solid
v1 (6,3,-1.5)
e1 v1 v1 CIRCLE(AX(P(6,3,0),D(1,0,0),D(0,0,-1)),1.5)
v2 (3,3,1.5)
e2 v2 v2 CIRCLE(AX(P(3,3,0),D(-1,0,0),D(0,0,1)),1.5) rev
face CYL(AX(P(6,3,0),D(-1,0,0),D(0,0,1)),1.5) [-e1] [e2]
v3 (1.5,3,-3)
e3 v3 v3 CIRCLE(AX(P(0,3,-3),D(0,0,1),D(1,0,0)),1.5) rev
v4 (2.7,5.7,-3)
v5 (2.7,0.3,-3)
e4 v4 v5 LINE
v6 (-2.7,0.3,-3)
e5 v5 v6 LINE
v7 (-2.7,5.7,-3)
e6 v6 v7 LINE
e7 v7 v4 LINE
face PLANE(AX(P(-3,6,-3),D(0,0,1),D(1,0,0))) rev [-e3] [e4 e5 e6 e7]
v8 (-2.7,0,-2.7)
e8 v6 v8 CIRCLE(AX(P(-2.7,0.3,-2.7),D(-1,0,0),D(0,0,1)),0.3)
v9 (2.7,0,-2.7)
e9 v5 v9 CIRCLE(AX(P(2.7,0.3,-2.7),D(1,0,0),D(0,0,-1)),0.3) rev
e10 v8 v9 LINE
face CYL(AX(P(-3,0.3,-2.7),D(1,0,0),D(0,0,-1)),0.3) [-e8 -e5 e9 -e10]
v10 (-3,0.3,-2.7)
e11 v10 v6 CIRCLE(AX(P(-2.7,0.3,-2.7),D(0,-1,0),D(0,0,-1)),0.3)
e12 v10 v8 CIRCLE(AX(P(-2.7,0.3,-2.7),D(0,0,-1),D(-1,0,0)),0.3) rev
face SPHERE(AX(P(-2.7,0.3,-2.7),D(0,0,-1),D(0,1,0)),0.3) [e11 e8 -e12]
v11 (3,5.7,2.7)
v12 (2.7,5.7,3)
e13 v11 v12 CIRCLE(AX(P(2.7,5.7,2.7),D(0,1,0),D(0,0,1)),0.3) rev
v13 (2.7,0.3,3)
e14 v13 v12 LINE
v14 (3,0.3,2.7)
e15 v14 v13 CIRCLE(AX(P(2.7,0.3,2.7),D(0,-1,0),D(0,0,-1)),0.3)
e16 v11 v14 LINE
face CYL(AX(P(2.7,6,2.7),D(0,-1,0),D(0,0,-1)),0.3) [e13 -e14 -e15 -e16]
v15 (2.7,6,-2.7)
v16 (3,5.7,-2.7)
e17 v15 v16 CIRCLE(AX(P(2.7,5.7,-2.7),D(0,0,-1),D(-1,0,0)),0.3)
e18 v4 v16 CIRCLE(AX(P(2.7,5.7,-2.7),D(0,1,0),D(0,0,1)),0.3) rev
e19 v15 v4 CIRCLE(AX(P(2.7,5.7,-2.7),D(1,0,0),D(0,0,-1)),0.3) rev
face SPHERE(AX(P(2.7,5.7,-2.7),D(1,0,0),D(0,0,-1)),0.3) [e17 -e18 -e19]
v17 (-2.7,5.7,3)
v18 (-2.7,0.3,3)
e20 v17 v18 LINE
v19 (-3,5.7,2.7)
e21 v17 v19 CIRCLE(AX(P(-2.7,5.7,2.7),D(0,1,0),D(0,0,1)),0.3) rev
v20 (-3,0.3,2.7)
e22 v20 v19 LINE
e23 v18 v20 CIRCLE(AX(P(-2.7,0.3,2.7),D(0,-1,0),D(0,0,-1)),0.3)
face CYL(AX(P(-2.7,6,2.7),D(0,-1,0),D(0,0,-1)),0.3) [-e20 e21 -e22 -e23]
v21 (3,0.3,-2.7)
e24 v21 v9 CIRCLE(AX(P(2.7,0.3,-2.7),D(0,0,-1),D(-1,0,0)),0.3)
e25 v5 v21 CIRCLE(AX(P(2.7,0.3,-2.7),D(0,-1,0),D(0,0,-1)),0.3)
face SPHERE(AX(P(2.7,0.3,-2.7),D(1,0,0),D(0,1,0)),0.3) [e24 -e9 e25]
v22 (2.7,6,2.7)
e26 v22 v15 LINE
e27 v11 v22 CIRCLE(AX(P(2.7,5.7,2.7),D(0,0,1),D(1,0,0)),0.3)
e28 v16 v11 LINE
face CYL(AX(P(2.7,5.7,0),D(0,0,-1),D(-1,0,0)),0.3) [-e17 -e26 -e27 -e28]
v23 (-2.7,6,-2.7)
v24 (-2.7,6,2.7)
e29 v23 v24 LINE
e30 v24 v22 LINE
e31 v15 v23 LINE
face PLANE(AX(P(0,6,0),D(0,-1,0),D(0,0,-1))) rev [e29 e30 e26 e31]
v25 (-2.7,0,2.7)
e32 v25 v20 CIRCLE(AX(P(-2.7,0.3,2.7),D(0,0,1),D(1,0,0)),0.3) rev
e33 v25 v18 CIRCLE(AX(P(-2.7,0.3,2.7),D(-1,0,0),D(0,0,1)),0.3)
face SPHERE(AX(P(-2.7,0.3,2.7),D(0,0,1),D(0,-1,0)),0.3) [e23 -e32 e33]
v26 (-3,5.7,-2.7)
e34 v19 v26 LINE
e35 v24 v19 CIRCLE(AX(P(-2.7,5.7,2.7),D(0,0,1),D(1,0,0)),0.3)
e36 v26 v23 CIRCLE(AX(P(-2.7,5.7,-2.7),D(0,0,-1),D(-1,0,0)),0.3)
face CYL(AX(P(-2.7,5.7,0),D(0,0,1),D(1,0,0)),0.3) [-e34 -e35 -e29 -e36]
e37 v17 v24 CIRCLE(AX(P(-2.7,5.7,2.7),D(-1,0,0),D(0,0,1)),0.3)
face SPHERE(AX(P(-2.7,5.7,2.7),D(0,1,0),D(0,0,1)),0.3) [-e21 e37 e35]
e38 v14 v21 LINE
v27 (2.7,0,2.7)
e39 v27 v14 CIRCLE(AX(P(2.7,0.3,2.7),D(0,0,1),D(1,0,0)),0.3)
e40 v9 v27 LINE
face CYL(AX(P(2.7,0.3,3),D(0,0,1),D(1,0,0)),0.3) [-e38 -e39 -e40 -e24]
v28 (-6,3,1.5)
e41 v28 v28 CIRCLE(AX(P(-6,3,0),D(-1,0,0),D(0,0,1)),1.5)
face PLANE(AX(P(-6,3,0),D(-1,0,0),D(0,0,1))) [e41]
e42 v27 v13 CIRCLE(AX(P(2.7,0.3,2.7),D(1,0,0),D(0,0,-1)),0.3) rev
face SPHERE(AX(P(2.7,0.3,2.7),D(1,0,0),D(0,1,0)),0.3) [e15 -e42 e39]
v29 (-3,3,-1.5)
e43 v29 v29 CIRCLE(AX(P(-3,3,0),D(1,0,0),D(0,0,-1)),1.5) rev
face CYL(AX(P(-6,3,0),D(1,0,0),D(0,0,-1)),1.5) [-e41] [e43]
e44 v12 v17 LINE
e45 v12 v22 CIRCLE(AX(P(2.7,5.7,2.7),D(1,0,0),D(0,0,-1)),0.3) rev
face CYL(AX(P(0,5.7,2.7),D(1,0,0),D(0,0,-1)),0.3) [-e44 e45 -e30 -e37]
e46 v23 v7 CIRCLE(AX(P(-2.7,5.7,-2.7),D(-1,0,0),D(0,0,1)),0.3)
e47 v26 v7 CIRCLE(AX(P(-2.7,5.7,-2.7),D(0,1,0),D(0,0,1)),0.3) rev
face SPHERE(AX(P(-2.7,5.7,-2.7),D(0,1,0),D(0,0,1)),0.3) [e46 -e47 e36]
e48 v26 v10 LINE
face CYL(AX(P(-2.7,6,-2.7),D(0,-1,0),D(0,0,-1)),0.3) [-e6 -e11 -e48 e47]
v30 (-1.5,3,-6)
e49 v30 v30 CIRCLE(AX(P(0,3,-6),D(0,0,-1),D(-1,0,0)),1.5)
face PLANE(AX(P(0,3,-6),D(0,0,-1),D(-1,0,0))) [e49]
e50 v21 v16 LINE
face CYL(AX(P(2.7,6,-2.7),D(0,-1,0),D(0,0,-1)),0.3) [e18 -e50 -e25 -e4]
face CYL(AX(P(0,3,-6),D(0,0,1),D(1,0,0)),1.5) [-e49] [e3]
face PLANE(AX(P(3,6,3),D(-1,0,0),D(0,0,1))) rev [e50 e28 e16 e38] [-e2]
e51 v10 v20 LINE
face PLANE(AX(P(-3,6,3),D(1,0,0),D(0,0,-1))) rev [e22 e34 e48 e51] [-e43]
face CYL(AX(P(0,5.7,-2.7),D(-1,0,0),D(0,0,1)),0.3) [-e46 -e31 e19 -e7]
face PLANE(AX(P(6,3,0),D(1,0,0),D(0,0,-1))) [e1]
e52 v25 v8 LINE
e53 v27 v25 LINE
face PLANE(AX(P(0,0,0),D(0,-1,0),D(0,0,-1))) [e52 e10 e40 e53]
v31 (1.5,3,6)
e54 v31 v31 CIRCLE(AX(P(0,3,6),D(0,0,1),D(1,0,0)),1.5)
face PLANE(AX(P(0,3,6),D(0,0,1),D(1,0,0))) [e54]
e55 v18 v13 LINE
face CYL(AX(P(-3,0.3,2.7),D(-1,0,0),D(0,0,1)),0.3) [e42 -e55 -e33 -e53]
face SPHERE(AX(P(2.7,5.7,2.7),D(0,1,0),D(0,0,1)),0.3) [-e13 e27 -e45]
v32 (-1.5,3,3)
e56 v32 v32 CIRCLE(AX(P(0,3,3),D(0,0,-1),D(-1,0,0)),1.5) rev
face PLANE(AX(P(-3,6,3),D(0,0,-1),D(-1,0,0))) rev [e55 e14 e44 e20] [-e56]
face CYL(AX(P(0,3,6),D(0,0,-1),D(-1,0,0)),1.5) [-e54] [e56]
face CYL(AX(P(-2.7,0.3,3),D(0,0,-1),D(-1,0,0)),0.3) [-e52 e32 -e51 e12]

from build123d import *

# Parameters (mm, degrees)
SKETCH1_W           = 6
SKETCH1_H           = 6
BOSS_EXTRUDE1_DEPTH = 6
FILLET1_R           = 0.3
SKETCH2_R           = 1.5
BOSS_EXTRUDE2_DEPTH = 3
CIRPATTERN1_COUNT   = 4


with BuildPart() as part:
    # Sketch1 → Boss-Extrude1 (new body)
    with BuildSketch(Plane(origin=(0, 0, 0), x_dir=(1, 0, 0), z_dir=(0, 1, 0))):
        Rectangle(SKETCH1_W, SKETCH1_H)
    extrude(amount=BOSS_EXTRUDE1_DEPTH)

    # Fillet1
    fillet1_edges = [part.edges().sort_by_distance(p)[0] for p in [
        (-3, 0, 0),
        (-3, 3, -3),
        (0, 0, -3),
        (3, 3, -3),
        (3, 0, 0),
        (-3, 3, 3),
        (3, 3, 3),
        (0, 0, 3),
        (0, 6, 3),
        (-3, 6, 0),
        (0, 6, -3),
        (3, 6, 0),
    ]]
    fillet(fillet1_edges, radius=FILLET1_R)

    # Sketch2 → Boss-Extrude2 (add)
    with BuildSketch(Plane(origin=(0, 0, -3), x_dir=(-1, 0, 0), z_dir=(0, 0, -1))):
        with Locations((0, 3)):
            Circle(SKETCH2_R)
    boss_extrude2 = extrude(amount=BOSS_EXTRUDE2_DEPTH)

    # CirPattern1: Boss-Extrude2 ×4 about axis
    cirpattern1_axis = Axis((0, 0.03, 0), (0, 1, 0))
    for i in range(1, CIRPATTERN1_COUNT):
        add(boss_extrude2.rotate(cirpattern1_axis, i * 360 / CIRPATTERN1_COUNT))


solid = part.part
